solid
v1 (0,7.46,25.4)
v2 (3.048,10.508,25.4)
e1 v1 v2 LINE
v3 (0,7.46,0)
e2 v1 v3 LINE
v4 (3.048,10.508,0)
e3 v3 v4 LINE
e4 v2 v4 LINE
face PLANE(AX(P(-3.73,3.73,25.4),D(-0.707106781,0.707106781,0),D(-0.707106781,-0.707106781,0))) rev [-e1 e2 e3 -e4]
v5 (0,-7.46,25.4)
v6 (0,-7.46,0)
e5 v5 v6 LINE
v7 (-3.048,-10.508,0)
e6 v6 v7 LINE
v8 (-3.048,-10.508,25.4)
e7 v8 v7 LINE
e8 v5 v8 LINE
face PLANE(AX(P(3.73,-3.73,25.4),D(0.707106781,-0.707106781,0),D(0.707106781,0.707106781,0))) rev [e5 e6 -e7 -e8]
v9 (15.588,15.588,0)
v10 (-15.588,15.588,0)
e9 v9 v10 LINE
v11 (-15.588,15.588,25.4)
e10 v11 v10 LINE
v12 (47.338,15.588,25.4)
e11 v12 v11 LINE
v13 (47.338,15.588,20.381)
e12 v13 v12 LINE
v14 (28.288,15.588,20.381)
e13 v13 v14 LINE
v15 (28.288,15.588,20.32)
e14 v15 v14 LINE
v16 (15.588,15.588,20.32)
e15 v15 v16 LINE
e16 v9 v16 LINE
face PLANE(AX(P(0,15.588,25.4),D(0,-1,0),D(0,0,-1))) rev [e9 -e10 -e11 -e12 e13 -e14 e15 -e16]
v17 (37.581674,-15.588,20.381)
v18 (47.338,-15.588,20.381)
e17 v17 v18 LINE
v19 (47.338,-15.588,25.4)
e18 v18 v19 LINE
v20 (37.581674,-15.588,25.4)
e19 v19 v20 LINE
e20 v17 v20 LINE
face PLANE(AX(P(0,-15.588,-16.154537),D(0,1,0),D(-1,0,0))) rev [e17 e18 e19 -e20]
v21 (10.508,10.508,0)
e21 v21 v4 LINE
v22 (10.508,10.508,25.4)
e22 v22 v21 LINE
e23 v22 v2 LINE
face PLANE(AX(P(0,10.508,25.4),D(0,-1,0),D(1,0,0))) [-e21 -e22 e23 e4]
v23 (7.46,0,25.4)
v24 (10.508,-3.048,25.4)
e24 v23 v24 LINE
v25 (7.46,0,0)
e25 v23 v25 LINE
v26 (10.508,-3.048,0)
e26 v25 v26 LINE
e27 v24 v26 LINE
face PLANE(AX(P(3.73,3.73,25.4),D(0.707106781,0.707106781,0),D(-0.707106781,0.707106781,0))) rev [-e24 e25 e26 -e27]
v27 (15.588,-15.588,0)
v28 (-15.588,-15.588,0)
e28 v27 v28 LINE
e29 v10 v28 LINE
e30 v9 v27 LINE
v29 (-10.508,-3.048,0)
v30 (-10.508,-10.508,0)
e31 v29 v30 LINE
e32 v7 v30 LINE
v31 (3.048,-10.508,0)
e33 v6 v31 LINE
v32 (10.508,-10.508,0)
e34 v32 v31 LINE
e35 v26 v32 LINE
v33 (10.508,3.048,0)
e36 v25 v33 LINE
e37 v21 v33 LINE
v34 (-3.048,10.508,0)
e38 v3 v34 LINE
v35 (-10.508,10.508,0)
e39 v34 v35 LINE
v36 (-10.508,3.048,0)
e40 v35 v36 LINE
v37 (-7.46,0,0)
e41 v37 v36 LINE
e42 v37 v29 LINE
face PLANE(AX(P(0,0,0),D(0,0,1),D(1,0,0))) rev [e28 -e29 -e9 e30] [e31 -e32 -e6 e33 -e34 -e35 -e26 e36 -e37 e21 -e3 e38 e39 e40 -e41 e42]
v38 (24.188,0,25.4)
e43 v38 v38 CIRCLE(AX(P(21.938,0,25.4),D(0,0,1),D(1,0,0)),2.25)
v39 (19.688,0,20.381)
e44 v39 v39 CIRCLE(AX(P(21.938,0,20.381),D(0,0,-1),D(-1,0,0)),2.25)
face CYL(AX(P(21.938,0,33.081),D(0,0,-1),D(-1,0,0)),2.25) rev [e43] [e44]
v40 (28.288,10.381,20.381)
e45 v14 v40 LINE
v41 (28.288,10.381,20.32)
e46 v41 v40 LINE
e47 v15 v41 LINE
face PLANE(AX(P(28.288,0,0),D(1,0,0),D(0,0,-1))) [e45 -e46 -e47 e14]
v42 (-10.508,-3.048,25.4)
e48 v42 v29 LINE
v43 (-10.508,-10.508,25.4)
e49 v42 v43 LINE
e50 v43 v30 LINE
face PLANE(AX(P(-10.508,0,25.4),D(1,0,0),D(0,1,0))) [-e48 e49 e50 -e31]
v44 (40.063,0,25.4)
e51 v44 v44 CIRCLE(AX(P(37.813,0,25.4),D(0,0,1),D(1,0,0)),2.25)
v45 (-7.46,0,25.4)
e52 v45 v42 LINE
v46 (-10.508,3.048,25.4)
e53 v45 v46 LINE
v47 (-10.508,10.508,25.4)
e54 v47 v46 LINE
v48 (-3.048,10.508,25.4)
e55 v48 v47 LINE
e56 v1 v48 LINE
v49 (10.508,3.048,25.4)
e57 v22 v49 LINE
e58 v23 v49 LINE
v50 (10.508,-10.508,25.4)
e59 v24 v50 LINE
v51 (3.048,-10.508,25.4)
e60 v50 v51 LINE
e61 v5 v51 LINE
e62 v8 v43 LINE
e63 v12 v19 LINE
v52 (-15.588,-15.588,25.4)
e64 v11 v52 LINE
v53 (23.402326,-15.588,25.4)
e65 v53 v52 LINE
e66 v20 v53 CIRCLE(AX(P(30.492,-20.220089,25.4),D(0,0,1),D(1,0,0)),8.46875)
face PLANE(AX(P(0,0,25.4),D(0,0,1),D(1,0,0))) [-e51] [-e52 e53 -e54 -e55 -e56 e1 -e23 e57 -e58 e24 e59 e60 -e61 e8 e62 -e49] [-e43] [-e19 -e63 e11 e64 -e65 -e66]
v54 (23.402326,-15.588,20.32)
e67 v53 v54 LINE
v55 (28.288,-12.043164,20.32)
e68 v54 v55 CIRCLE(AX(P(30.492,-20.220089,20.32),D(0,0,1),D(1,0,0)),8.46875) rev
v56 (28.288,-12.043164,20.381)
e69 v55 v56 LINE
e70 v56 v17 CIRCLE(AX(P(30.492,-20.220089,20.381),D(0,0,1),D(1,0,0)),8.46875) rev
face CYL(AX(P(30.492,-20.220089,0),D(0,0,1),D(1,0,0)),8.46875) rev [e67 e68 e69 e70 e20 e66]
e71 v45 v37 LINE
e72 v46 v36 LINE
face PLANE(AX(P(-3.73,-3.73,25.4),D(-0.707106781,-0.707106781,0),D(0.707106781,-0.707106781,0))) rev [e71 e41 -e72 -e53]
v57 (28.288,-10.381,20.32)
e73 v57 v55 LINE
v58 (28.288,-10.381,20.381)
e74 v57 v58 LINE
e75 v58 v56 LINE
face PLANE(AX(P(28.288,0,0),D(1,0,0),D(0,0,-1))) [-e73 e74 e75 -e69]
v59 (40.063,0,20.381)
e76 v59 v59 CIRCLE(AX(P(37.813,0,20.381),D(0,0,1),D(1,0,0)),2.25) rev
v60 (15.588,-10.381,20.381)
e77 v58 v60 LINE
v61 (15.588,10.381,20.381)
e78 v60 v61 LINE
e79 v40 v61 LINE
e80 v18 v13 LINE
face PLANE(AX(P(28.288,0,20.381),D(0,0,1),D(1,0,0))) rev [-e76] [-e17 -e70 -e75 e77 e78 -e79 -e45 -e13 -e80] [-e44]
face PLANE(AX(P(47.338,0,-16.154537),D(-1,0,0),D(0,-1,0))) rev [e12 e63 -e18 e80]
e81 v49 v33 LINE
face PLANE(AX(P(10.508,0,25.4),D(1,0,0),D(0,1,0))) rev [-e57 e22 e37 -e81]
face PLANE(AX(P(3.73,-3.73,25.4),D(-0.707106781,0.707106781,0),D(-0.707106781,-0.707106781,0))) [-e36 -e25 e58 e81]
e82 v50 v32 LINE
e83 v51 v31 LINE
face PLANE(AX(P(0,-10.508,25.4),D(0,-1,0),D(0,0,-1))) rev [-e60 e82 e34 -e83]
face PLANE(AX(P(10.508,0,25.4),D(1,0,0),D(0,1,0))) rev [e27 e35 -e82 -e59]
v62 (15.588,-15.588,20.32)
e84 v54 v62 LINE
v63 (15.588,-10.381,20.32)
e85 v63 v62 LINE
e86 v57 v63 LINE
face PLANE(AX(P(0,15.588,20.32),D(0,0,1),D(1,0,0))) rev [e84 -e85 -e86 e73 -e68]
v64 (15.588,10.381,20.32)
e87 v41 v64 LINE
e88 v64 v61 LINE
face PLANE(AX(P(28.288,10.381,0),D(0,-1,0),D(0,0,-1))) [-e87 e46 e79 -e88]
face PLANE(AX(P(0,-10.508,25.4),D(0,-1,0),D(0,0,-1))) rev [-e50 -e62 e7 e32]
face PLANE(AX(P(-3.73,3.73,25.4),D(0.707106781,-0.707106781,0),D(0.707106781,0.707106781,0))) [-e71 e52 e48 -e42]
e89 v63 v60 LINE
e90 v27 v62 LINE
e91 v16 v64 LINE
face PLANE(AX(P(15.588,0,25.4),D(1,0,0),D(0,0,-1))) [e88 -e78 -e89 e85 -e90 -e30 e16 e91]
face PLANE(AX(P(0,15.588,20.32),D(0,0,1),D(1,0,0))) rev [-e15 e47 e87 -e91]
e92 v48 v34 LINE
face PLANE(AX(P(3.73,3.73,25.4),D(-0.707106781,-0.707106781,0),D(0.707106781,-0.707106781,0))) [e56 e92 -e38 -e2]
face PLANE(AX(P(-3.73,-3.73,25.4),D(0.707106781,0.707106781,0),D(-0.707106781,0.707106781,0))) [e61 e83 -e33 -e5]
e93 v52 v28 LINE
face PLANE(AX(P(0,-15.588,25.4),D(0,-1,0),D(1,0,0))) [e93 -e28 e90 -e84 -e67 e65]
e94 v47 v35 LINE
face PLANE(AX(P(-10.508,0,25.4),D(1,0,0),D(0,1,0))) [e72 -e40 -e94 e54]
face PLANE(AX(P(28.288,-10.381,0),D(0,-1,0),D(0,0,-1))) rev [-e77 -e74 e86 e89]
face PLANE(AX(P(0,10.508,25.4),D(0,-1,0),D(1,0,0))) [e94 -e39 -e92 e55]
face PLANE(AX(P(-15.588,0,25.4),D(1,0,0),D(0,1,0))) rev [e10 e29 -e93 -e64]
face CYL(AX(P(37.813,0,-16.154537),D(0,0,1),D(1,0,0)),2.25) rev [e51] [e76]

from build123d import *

# Parameters (mm, degrees)
SKETCH1_W            = 31.176
SKETCH1_H            = 31.176
BOSS_EXTRUDE1_DEPTH  = 25.4
BOSS_EXTRUDE2_DEPTH  = 12.7
CUT_EXTRUDE1_DEPTH   = 12.7
SKETCH29_R           = 8.46875
CUT_EXTRUDE10_DEPTH  = 42.089617764
CUT_EXTRUDE11_DEPTH  = 50.166186754
SKETCH30_R           = 2.25
BOSS_EXTRUDE15_DEPTH = 5.019


with BuildPart() as part:
    # Sketch1 → Boss-Extrude1 (new body)
    with BuildSketch(Plane.XY):
        Rectangle(SKETCH1_W, SKETCH1_H)
        Polygon((2.54, -10), (3.048, -10.508), (10.508, -10.508), (10.508, -3.048), (10, -2.54), (7.46, 0), (10, 2.54), (10.508, 3.048), (10.508, 10.508), (3.048, 10.508), (2.54, 10), (0, 7.46), (-2.54, 10), (-3.048, 10.508), (-10.508, 10.508), (-10.508, 3.048), (-10, 2.54), (-7.46, 0), (-10, -2.54), (-10.508, -3.048), (-10.508, -10.508), (-3.048, -10.508), (-2.54, -10), (0, -7.46), align=None, mode=Mode.SUBTRACT)
    extrude(amount=BOSS_EXTRUDE1_DEPTH)

    # Sketch3 → Boss-Extrude2 (add)
    with BuildSketch(Plane(origin=(15.588, 0, 0), x_dir=(0, 0, -1), z_dir=(1, 0, 0))):
        Polygon((-20.381, 10.381), (0, 10.381), (0, 15.588), (-25.4, 15.588), (-25.4, -15.588), (0, -15.588), (0, -10.381), (-20.381, -10.381), align=None)
    extrude(amount=BOSS_EXTRUDE2_DEPTH)

    # Sketch4 → Cut-Extrude1 (cut)
    with BuildSketch(Plane(origin=(0, 0, 20.381), x_dir=(-1, 0, 0), z_dir=(0, 0, -1))):
        with BuildLine():
            ThreePointArc((-24.188, 0), (-21.938, -2.25), (-19.688, 0))
            Line((-19.688, 0), (-24.188, 0))
        make_face()
        with BuildLine():
            Line((-24.188, 0), (-19.688, 0))
            ThreePointArc((-19.688, 0), (-21.938, 2.25), (-24.188, 0))
        make_face()
    extrude(amount=-CUT_EXTRUDE1_DEPTH, mode=Mode.SUBTRACT)

    # Sketch29 → Cut-Extrude10 (cut, through all)
    with BuildSketch(Plane.XY.offset(25.4)):
        with Locations((30.492, -20.220089154)):
            Circle(SKETCH29_R)
    extrude(amount=-CUT_EXTRUDE10_DEPTH, mode=Mode.SUBTRACT)

    # Sketch5 → Cut-Extrude11 (cut, through all)
    with BuildSketch(Plane.XZ.offset(15.588)):
        with BuildLine():
            Line((24.188, 10.32), (28.288, 10.32))
            Line((28.288, 10.32), (28.288, 20.32))
            Line((28.288, 20.32), (15.588, 20.32))
            Line((15.588, 20.32), (15.588, 10.32))
            Line((15.588, 10.32), (19.688, 10.32))
            ThreePointArc((19.688, 10.32), (21.938, 12.57), (24.188, 10.32))
        make_face()
        with BuildLine():
            Line((15.588, 0), (28.288, 0))
            Line((28.288, 0), (28.288, 10.32))
            Line((28.288, 10.32), (24.188, 10.32))
            ThreePointArc((24.188, 10.32), (21.938, 8.07), (19.688, 10.32))
            Line((19.688, 10.32), (15.588, 10.32))
            Line((15.588, 10.32), (15.588, 0))
        make_face()
        with BuildLine():
            ThreePointArc((19.688, 10.32), (21.938, 8.07), (24.188, 10.32))
            Line((24.188, 10.32), (19.688, 10.32))
        make_face()
        with BuildLine():
            Line((19.688, 10.32), (24.188, 10.32))
            ThreePointArc((24.188, 10.32), (21.938, 12.57), (19.688, 10.32))
        make_face()
    extrude(amount=-CUT_EXTRUDE11_DEPTH, mode=Mode.SUBTRACT)

    # Sketch30 → Boss-Extrude15 (add)
    with BuildSketch(Plane.XY.offset(25.4)):
        with BuildLine():
            Line((47.338, 15.588), (28.288, 15.588))
            Line((28.288, 15.588), (28.288, -12.043163658))
            ThreePointArc((28.288, -12.043163658), (33.510098515, -12.307389999), (37.581673944, -15.588))
            Line((37.581673944, -15.588), (47.338, -15.588))
            Line((47.338, -15.588), (47.338, 15.588))
        make_face()
        with Locations((37.813, 0)):
            Circle(SKETCH30_R, mode=Mode.SUBTRACT)
    extrude(amount=-BOSS_EXTRUDE15_DEPTH)


solid = part.part
